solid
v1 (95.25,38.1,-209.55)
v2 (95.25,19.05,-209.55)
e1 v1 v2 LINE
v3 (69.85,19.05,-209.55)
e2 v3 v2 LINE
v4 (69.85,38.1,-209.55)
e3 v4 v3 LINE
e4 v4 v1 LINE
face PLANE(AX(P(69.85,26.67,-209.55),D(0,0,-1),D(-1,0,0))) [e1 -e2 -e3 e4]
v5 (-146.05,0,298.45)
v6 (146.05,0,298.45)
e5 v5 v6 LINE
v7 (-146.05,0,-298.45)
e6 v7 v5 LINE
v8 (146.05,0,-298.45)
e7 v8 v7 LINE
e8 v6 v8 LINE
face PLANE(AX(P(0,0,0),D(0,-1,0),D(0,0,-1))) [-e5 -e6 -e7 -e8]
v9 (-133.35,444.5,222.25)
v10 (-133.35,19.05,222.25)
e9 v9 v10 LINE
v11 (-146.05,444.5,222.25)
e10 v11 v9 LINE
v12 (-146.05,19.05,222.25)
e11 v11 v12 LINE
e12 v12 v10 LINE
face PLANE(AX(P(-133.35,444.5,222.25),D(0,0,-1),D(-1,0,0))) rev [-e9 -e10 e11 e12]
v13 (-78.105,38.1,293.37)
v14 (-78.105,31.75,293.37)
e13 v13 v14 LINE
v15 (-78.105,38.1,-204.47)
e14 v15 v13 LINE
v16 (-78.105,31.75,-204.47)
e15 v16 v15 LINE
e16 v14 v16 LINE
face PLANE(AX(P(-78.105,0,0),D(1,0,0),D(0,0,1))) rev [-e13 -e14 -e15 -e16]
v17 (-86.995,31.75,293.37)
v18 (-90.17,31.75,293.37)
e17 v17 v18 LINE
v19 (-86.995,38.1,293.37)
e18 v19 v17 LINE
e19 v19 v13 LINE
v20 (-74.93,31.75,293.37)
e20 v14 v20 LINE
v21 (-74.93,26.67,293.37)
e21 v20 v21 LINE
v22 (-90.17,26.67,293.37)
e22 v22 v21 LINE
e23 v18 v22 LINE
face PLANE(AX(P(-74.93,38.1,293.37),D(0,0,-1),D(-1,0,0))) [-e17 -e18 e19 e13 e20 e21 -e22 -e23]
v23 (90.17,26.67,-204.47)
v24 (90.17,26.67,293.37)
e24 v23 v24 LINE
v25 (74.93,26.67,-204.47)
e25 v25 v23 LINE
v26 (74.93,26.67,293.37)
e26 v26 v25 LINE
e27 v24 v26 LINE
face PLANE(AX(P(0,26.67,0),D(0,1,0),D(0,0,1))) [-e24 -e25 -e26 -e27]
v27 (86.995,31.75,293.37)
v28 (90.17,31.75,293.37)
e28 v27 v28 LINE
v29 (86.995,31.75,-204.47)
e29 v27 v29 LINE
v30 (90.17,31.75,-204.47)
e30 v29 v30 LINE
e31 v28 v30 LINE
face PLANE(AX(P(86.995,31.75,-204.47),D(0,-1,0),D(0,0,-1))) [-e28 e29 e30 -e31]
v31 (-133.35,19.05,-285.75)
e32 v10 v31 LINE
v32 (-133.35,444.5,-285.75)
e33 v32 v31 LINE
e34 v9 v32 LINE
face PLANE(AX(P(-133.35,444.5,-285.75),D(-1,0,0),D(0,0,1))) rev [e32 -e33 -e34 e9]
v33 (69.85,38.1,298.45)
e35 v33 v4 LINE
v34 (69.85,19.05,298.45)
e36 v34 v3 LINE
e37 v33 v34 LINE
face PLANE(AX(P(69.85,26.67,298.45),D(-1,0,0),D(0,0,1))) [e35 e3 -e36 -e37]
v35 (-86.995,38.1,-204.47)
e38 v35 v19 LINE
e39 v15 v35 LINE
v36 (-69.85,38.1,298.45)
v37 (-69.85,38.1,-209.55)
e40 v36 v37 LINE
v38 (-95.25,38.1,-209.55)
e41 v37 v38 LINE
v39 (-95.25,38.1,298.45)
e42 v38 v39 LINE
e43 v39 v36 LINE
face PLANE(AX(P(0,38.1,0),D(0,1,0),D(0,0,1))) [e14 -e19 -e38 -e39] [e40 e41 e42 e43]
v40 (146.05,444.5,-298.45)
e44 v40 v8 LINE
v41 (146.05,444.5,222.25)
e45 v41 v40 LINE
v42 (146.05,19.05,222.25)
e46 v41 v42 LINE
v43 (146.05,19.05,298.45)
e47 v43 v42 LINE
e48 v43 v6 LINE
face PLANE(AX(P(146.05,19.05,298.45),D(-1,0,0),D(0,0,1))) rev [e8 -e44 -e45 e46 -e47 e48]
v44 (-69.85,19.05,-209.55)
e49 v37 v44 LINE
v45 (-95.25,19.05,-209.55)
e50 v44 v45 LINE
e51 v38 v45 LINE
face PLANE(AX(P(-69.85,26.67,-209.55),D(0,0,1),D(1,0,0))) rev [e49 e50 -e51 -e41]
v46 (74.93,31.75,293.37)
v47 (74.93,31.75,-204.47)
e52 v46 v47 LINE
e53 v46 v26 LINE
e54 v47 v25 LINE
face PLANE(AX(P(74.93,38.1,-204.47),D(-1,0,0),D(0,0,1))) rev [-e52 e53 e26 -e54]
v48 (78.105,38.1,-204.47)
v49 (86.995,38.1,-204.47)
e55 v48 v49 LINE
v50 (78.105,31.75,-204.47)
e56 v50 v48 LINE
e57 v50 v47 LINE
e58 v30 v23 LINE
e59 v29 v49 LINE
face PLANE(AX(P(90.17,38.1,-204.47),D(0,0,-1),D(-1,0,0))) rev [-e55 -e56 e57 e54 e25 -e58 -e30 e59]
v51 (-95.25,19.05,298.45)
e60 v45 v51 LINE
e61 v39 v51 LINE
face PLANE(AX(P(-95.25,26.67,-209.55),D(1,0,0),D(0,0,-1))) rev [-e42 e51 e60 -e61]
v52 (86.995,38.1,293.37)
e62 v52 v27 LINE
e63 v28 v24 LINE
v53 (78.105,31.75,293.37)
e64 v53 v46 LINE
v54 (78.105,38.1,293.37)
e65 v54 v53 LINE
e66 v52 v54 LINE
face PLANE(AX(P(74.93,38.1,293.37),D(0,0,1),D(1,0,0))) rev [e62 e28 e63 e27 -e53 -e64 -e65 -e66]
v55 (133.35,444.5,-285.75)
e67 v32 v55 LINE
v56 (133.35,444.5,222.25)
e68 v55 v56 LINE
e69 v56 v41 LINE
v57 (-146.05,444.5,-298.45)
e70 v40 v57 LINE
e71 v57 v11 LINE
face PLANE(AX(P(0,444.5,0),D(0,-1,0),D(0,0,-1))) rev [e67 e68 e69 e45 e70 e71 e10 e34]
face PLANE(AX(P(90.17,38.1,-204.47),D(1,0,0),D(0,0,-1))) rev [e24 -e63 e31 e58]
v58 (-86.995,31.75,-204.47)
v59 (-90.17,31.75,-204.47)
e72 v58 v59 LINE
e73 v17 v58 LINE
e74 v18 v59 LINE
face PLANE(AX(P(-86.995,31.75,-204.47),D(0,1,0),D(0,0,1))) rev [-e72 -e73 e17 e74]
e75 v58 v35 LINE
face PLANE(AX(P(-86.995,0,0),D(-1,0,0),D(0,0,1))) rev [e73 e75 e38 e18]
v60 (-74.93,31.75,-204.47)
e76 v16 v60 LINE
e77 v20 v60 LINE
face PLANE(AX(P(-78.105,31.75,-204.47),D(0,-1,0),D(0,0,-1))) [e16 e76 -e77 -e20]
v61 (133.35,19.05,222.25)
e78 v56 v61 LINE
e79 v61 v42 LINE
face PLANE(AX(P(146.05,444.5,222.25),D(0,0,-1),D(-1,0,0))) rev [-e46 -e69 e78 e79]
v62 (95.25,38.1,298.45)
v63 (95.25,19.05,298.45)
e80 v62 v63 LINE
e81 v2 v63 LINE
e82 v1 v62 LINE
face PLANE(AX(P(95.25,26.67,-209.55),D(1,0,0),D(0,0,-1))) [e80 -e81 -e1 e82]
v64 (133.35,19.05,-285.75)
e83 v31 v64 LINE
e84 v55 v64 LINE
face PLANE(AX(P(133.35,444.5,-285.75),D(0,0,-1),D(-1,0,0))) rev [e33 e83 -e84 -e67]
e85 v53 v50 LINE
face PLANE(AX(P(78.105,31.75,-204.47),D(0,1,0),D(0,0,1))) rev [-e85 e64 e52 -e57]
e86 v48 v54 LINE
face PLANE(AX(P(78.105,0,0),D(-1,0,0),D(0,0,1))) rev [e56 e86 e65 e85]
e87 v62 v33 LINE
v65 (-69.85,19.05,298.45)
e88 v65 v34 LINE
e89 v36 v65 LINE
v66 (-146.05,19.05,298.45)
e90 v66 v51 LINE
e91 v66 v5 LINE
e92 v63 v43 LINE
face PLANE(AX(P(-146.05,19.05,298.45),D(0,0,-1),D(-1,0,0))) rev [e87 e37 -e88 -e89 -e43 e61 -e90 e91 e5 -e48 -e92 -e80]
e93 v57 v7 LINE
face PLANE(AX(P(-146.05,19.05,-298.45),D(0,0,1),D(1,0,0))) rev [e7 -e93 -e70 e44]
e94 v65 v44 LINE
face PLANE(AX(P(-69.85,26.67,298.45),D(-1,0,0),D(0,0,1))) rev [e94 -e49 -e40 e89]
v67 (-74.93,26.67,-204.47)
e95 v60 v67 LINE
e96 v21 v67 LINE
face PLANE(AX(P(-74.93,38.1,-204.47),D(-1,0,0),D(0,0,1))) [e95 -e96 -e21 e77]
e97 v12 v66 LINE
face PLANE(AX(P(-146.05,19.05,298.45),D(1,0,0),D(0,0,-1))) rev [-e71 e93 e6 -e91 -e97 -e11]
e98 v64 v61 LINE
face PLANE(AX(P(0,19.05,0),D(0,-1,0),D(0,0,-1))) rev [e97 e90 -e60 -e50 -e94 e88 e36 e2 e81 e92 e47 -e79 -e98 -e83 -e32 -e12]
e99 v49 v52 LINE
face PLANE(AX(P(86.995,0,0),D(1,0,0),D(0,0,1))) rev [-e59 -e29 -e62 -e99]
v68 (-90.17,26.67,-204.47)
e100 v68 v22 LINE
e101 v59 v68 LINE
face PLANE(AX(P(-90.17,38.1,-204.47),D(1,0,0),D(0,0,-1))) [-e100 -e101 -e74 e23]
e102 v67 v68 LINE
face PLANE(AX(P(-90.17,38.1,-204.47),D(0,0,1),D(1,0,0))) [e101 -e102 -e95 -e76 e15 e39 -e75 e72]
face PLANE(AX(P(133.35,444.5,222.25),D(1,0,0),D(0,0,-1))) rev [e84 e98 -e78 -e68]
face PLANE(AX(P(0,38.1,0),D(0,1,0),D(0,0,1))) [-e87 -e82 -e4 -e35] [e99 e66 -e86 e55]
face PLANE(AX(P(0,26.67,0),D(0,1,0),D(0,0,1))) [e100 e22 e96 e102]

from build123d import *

# Parameters (mm, degrees)
SKETCH1_W               = 292.1
SKETCH1_H               = 596.9
BOSS_EXTRUDE1_DEPTH     = 19.05
BOSS_EXTRUDE2_DEPTH     = 425.45
SKETCH3_W               = 25.4
SKETCH3_H               = 508
BOSS_EXTRUDE3_DEPTH     = 7.62
SKETCH4_W               = 25.4
SKETCH4_H               = 508
SKETCH4_W_2             = 15.24
SKETCH4_H_2             = 497.84
BOSS_EXTRUDE4_DEPTH     = 11.43
SKETCH5_W               = 497.84
SKETCH5_H               = 6.35
BOSS_EXTRUDE5_DEPTH     = 3.175
MIRROR2_COPY_1_SKETCH_W = 497.84
MIRROR2_COPY_1_SKETCH_H = 6.35
MIRROR2_COPY_1_DEPTH    = 3.175


with BuildPart() as part:
    # Sketch1 → Boss-Extrude1 (new body)
    with BuildSketch(Plane(origin=(0, 0, 0), x_dir=(1, 0, 0), z_dir=(0, 1, 0))):
        Rectangle(SKETCH1_W, SKETCH1_H)
    boss_extrude1 = extrude(amount=BOSS_EXTRUDE1_DEPTH)

    # Sketch2 → Boss-Extrude2 (add)
    with BuildSketch(Plane(origin=(0, 19.05, 0), x_dir=(1, 0, 0), z_dir=(0, 1, 0))):
        Polygon((-146.05, -222.25), (-146.05, 298.45), (146.05, 298.45), (146.05, -222.25), (133.35, -222.25), (133.35, 285.75), (-133.35, 285.75), (-133.35, -222.25), align=None)
    extrude(amount=BOSS_EXTRUDE2_DEPTH)

    # Sketch3 → Boss-Extrude3 (add)
    with BuildSketch(Plane(origin=(0, 19.05, 0), x_dir=(1, 0, 0), z_dir=(0, 1, 0))):
        with Locations((-82.55, -44.45)):
            Rectangle(SKETCH3_W, SKETCH3_H)
    boss_extrude3 = extrude(amount=BOSS_EXTRUDE3_DEPTH)

    # Sketch4 → Boss-Extrude4 (add)
    with BuildSketch(Plane(origin=(0, 26.67, 0), x_dir=(1, 0, 0), z_dir=(0, 1, 0))):
        with Locations((-82.55, -44.45)):
            Rectangle(SKETCH4_W, SKETCH4_H)
        with Locations((-82.55, -44.45)):
            Rectangle(SKETCH4_W_2, SKETCH4_H_2, mode=Mode.SUBTRACT)
    boss_extrude4 = extrude(amount=BOSS_EXTRUDE4_DEPTH)

    # Sketch5 → Boss-Extrude5 (add)
    with BuildSketch(Plane(origin=(-90.17, 0, 0), x_dir=(0, 0, -1), z_dir=(1, 0, 0))):
        with Locations((-44.45, 34.925)):
            Rectangle(SKETCH5_W, SKETCH5_H)
    boss_extrude5 = extrude(amount=BOSS_EXTRUDE5_DEPTH)

    # Mirror1: Boss-Extrude5 across plane
    add(boss_extrude5.mirror(Plane(origin=(-82.55, 0, 0), x_dir=(0, 0, 1), z_dir=(1, 0, 0))))

    # Mirror2: Boss-Extrude1, Boss-Extrude3, Boss-Extrude4, Boss-Extrude5 across plane
    add(boss_extrude1.mirror(Plane(origin=(0, 0, 0), x_dir=(0, 0, 1), z_dir=(1, 0, 0))))
    add(boss_extrude3.mirror(Plane(origin=(0, 0, 0), x_dir=(0, 0, 1), z_dir=(1, 0, 0))))
    add(boss_extrude4.mirror(Plane(origin=(0, 0, 0), x_dir=(0, 0, 1), z_dir=(1, 0, 0))))
    add(boss_extrude5.mirror(Plane(origin=(0, 0, 0), x_dir=(0, 0, 1), z_dir=(1, 0, 0))))

    # Mirror2 copy 1 sketch → Mirror2 copy 1 (add)
    with BuildSketch(Plane(origin=(74.93, 0, 0), x_dir=(0, 0, -1), z_dir=(1, 0, 0))):
        with Locations((-44.45, 34.925)):
            Rectangle(MIRROR2_COPY_1_SKETCH_W, MIRROR2_COPY_1_SKETCH_H)
    extrude(amount=MIRROR2_COPY_1_DEPTH)


solid = part.part
